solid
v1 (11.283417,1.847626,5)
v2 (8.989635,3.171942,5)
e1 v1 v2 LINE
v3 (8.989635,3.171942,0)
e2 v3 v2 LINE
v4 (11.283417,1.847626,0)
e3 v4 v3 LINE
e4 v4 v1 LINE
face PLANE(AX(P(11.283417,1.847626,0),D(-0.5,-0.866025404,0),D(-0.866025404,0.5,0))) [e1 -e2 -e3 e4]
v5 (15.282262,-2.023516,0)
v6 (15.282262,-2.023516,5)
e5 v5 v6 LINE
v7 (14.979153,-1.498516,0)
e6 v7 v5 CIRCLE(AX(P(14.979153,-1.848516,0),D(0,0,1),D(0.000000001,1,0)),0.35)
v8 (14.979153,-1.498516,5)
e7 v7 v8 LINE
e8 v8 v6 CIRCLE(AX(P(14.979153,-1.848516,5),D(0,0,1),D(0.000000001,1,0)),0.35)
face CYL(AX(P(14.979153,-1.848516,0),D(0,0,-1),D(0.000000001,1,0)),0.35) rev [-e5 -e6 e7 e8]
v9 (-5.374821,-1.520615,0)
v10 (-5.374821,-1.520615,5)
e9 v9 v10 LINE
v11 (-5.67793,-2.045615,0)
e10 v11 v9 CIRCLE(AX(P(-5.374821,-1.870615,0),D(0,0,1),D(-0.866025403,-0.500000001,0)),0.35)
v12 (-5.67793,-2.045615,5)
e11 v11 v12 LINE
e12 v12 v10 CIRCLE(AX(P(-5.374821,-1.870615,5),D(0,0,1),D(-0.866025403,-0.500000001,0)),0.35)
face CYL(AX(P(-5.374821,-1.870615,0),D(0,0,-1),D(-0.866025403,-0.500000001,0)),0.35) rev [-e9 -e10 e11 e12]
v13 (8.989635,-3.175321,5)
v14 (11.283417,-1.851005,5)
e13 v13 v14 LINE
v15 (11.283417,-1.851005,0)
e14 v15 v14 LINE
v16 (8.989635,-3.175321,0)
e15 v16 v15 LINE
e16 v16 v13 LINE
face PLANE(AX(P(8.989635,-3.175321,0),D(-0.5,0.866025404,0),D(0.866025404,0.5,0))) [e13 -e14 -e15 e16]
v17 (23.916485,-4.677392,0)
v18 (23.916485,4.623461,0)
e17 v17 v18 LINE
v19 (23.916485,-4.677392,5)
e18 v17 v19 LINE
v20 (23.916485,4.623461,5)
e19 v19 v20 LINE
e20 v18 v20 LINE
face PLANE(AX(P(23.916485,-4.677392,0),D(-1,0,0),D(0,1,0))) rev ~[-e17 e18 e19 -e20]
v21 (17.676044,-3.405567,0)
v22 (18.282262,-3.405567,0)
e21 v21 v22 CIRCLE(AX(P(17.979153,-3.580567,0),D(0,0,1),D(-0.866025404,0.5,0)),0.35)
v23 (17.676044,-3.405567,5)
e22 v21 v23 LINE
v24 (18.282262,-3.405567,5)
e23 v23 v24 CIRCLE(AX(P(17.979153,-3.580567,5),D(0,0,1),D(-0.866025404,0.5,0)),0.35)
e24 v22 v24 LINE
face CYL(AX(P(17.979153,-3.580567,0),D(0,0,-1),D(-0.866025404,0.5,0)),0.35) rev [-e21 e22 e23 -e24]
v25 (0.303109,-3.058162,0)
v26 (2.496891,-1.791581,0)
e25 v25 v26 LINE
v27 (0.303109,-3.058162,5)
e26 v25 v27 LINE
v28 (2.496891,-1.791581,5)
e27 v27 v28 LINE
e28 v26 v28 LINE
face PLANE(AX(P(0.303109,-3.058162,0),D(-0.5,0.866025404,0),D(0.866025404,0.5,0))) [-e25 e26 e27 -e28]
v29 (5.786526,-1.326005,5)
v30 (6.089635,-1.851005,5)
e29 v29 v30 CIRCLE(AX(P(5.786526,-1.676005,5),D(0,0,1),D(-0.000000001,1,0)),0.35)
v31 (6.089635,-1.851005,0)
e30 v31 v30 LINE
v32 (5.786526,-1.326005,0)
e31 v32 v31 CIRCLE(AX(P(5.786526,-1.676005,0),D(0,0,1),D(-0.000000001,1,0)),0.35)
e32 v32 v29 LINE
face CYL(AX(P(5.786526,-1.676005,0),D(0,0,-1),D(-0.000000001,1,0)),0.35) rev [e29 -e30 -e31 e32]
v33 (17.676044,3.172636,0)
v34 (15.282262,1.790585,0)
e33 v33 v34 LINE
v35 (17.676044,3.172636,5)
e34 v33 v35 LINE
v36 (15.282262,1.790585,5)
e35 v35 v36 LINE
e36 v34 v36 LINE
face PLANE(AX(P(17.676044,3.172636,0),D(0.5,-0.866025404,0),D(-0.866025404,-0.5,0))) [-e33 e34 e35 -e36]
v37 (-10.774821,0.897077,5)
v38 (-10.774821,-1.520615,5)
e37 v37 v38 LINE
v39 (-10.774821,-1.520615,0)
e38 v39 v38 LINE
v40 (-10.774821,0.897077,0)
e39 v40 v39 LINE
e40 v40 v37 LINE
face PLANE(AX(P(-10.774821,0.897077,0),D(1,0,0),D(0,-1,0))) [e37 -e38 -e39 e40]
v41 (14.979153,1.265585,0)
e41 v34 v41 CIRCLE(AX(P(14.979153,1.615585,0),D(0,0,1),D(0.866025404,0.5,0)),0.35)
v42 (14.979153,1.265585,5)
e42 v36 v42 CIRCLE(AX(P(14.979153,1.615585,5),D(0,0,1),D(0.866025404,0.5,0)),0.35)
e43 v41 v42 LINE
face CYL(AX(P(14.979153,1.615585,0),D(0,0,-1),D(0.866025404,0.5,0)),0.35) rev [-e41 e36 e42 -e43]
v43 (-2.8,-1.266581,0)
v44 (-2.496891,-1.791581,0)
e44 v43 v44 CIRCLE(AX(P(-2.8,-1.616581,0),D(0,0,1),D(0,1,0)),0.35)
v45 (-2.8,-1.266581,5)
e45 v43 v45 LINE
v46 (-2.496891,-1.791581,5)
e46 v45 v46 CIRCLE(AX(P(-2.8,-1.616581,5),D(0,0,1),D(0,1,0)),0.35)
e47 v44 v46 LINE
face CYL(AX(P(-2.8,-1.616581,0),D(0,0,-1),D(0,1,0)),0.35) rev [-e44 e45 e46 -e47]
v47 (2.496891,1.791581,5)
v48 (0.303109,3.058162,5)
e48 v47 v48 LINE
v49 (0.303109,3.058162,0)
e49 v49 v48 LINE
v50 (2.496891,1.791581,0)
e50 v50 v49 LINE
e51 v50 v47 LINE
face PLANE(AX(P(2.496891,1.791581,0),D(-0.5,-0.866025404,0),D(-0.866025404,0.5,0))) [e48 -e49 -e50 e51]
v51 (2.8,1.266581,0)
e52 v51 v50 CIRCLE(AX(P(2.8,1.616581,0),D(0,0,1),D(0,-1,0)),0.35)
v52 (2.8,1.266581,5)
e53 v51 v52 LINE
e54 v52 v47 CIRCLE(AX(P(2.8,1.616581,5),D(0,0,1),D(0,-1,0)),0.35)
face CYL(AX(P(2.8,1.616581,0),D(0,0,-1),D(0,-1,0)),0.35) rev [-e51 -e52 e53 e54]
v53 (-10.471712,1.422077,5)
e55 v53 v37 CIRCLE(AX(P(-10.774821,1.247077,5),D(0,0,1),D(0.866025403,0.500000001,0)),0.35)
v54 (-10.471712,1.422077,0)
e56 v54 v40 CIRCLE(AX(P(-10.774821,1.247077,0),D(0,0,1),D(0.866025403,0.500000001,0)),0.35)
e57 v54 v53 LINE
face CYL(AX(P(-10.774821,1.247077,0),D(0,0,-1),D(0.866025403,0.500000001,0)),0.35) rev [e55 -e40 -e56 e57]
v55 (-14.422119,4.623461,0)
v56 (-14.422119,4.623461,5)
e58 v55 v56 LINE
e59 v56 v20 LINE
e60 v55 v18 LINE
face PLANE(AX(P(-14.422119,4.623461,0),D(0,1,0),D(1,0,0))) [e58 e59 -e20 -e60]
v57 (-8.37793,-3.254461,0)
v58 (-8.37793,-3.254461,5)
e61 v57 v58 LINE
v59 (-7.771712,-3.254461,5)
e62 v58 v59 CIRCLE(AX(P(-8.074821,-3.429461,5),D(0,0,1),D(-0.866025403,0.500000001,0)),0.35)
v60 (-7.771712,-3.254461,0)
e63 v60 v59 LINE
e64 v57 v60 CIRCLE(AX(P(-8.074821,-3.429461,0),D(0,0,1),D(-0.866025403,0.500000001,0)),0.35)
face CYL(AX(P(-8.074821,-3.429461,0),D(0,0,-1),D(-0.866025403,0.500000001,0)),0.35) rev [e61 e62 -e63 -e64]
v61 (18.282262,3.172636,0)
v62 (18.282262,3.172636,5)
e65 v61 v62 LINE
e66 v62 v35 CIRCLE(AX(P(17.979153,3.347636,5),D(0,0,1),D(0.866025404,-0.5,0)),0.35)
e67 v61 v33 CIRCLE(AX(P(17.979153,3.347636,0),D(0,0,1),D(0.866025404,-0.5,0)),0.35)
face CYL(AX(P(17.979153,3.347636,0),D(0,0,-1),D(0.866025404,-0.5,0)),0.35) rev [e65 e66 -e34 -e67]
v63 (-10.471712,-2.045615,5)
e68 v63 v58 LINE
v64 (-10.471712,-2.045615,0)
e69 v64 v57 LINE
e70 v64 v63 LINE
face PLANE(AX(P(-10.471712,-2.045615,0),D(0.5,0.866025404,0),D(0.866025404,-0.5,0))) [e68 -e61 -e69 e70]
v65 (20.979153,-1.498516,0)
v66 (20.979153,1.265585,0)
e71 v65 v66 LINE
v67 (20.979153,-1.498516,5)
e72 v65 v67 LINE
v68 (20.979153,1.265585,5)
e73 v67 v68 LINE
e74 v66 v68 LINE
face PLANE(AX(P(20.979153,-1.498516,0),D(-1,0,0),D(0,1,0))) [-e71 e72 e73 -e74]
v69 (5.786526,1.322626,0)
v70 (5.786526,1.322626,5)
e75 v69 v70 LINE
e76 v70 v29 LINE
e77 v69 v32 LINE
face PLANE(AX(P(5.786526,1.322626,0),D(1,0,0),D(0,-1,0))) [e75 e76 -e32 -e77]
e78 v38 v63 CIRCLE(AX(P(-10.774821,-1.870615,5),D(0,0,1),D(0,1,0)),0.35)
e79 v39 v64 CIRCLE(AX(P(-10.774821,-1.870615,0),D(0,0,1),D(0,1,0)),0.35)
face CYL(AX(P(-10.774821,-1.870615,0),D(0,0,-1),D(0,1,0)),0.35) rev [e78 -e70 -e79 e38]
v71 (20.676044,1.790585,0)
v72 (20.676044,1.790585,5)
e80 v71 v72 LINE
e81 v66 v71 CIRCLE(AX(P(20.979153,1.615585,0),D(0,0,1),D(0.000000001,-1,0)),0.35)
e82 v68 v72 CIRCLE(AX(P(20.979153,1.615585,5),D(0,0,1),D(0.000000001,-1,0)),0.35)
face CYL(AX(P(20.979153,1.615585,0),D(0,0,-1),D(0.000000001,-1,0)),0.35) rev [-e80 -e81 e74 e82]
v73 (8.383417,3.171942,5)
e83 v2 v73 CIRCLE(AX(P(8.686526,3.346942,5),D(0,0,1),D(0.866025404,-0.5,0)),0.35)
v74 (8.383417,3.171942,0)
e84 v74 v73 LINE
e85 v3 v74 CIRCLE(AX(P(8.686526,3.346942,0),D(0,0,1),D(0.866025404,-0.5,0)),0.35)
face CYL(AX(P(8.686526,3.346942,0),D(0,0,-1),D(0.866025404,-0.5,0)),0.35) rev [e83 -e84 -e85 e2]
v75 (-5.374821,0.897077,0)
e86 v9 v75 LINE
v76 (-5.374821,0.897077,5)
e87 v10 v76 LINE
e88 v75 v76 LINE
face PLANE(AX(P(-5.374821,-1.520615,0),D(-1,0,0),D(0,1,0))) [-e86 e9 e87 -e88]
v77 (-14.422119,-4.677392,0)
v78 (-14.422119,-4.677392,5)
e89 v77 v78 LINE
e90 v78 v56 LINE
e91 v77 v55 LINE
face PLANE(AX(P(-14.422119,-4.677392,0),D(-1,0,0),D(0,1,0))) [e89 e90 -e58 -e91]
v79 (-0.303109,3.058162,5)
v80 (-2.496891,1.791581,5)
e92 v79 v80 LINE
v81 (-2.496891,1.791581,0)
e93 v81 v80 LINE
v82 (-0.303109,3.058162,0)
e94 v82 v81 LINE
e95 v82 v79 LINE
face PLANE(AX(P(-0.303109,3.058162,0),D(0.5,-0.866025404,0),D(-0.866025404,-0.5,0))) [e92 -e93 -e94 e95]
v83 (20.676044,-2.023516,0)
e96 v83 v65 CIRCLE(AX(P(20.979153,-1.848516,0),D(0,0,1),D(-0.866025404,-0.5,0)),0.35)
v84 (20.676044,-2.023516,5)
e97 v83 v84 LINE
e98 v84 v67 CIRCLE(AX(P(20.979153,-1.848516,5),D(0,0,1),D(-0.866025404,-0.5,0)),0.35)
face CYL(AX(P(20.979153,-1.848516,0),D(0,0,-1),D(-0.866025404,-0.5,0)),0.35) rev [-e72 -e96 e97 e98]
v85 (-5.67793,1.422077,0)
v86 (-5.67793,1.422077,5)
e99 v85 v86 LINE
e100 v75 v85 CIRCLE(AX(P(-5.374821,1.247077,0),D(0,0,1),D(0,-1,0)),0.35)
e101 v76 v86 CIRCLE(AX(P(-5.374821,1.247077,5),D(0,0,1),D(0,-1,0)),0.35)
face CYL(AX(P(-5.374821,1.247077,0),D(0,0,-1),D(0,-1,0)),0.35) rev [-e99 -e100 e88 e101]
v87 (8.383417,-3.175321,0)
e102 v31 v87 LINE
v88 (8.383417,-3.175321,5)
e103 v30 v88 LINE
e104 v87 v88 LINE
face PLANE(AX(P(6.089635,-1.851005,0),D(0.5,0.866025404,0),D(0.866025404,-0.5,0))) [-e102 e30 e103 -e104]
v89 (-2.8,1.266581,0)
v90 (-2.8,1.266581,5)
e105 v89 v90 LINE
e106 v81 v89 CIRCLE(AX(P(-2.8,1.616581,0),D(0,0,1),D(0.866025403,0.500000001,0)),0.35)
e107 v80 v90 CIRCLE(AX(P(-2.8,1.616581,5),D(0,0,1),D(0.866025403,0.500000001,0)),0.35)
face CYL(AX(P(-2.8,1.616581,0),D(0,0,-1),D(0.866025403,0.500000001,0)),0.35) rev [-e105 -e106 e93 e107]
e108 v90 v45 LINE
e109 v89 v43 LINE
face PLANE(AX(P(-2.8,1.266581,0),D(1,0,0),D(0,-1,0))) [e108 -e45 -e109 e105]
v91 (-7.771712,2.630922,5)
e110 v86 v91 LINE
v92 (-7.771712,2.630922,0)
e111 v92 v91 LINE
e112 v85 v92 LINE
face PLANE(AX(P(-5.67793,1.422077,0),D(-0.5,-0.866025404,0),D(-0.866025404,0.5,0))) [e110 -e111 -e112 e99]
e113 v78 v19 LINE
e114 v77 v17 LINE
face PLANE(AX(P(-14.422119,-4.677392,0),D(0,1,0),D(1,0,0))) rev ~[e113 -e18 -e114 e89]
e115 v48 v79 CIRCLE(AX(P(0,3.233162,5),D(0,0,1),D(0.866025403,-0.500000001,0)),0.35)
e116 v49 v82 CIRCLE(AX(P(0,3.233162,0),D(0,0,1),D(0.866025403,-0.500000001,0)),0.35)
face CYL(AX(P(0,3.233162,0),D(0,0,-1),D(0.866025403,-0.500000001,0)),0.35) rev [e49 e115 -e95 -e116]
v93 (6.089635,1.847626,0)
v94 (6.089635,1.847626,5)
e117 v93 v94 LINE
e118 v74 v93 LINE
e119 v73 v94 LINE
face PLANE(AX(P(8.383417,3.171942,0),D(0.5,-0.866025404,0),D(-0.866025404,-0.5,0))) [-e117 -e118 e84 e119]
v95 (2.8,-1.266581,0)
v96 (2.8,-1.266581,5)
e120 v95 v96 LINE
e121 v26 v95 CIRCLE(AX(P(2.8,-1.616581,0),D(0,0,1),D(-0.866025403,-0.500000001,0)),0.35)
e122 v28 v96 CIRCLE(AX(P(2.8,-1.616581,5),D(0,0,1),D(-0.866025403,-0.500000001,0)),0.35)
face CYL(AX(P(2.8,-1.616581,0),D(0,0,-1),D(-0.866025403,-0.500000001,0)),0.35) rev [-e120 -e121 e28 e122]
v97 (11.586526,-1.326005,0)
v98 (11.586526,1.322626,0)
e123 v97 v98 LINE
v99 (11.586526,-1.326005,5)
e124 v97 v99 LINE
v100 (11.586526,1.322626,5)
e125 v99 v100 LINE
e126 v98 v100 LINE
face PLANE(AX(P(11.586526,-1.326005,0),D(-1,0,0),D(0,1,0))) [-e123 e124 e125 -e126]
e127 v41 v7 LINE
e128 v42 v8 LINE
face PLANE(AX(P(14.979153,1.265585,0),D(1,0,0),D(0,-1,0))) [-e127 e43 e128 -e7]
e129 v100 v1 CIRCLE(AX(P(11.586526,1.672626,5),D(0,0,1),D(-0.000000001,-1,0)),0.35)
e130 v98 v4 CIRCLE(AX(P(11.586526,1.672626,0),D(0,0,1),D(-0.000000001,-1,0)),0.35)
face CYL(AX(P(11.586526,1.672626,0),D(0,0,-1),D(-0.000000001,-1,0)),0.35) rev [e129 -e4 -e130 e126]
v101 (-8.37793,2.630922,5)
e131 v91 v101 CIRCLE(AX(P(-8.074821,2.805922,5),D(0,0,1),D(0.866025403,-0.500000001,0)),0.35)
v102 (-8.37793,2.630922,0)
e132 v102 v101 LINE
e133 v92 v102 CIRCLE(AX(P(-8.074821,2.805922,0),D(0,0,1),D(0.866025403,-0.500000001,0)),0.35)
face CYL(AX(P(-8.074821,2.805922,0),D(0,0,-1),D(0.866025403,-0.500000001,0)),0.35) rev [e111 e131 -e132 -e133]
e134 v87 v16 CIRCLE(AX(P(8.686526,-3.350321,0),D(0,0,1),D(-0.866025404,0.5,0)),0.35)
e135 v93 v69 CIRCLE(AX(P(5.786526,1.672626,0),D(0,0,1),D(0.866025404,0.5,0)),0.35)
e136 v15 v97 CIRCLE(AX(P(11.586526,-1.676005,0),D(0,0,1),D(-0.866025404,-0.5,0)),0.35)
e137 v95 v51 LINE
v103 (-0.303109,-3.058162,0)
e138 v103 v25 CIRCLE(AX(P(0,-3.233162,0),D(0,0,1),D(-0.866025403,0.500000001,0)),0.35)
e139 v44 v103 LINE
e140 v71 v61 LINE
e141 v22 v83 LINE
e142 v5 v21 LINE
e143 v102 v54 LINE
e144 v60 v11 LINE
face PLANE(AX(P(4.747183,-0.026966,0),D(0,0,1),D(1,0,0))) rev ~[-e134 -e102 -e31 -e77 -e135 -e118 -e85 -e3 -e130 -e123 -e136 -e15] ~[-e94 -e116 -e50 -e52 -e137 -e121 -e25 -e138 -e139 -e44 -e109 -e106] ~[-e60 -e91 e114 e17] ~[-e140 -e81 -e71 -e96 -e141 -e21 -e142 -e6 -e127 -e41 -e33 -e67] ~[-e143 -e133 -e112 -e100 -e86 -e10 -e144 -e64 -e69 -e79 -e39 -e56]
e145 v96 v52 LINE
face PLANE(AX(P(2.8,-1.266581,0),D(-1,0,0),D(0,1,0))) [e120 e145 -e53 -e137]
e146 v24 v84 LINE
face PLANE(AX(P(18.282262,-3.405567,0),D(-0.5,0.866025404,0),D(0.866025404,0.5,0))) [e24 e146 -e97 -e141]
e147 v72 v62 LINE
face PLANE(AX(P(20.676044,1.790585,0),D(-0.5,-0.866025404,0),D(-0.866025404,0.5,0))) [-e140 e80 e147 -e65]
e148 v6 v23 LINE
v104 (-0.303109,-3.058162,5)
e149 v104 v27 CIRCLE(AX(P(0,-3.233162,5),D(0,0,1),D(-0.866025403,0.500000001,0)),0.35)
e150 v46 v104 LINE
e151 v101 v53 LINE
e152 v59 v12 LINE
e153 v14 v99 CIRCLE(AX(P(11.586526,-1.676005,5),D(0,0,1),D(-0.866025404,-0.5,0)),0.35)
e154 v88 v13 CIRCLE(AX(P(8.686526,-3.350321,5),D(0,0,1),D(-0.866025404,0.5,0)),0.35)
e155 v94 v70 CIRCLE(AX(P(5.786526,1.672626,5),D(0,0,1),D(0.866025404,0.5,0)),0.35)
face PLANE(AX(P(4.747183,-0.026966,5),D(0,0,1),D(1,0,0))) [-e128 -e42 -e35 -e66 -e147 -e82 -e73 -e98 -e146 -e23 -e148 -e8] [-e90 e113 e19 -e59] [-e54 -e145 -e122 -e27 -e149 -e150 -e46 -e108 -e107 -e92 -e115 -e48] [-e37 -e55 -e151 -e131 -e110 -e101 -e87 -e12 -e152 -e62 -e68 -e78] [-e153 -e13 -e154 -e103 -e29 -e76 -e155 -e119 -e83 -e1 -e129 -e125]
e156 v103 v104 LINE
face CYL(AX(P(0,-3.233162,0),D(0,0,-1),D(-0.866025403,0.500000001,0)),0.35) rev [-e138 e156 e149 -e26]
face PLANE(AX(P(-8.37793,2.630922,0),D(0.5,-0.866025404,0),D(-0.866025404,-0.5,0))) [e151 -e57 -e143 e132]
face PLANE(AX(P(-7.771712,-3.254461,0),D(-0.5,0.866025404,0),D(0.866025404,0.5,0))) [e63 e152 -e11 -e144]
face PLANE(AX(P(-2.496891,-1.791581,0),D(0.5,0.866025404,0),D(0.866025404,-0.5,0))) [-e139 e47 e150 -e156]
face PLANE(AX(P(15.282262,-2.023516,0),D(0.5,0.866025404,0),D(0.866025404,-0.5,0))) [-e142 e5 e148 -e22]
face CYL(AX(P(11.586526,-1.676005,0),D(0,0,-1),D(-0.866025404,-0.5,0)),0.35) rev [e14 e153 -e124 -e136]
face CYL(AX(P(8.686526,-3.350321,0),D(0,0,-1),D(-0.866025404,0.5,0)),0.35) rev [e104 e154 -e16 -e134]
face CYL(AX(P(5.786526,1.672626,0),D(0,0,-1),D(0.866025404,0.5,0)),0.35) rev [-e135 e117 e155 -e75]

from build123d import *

# Parameters (mm, degrees)
SKETCH1_W           = 38.338603818
SKETCH1_H           = 9.300852407
BOSS_EXTRUDE1_DEPTH = 5


with BuildPart() as part:
    # Sketch1 → Boss-Extrude1 (new body)
    with BuildSketch(Plane.XY):
        with Locations((4.747182706, -0.026965663)):
            Rectangle(SKETCH1_W, SKETCH1_H)
        with BuildLine():
            Line((-8.377929756, 2.630922308), (-10.471711974, 1.422076581))
            ThreePointArc((-10.471711974, 1.422076581), (-11.077929756, 1.422076581), (-10.774820865, 0.897076581))
            Line((-10.774820865, 0.897076581), (-10.774820865, -1.520614872))
            ThreePointArc((-10.774820865, -1.520614872), (-11.077929756, -2.045614872), (-10.471711974, -2.045614872))
            Line((-10.471711974, -2.045614872), (-8.377929756, -3.254460599))
            ThreePointArc((-8.377929756, -3.254460599), (-8.074820865, -3.779460599), (-7.771711974, -3.254460599))
            Line((-7.771711974, -3.254460599), (-5.677929756, -2.045614872))
            ThreePointArc((-5.677929756, -2.045614872), (-5.071711974, -2.045614872), (-5.374820865, -1.520614872))
            Line((-5.374820865, -1.520614872), (-5.374820865, 0.897076581))
            ThreePointArc((-5.374820865, 0.897076581), (-5.071711974, 1.422076581), (-5.677929756, 1.422076581))
            Line((-5.677929756, 1.422076581), (-7.771711974, 2.630922308))
            ThreePointArc((-7.771711974, 2.630922308), (-8.074820865, 3.155922308), (-8.377929756, 2.630922308))
        make_face(mode=Mode.SUBTRACT)
        with BuildLine():
            Line((-0.303108891, 3.058161507), (-2.496891109, 1.791580754))
            ThreePointArc((-2.496891109, 1.791580754), (-3.103108891, 1.791580754), (-2.8, 1.266580754))
            Line((-2.8, 1.266580754), (-2.8, -1.266580754))
            ThreePointArc((-2.8, -1.266580754), (-3.103108891, -1.791580754), (-2.496891109, -1.791580754))
            Line((-2.496891109, -1.791580754), (-0.303108891, -3.058161507))
            ThreePointArc((-0.303108891, -3.058161507), (0, -3.583161507), (0.303108891, -3.058161507))
            Line((0.303108891, -3.058161507), (2.496891109, -1.791580754))
            ThreePointArc((2.496891109, -1.791580754), (3.103108891, -1.791580754), (2.8, -1.266580754))
            Line((2.8, -1.266580754), (2.8, 1.266580754))
            ThreePointArc((2.8, 1.266580754), (3.103108891, 1.791580754), (2.496891109, 1.791580754))
            Line((2.496891109, 1.791580754), (0.303108891, 3.058161507))
            ThreePointArc((0.303108891, 3.058161507), (0, 3.583161507), (-0.303108891, 3.058161507))
        make_face(mode=Mode.SUBTRACT)
        with BuildLine():
            Line((8.383417443, 3.171942265), (6.089635226, 1.847626484))
            ThreePointArc((6.089635226, 1.847626484), (5.483417443, 1.847626484), (5.786526334, 1.322626484))
            Line((5.786526334, 1.322626484), (5.786526334, -1.326005077))
            ThreePointArc((5.786526334, -1.326005077), (5.483417443, -1.851005077), (6.089635226, -1.851005077))
            Line((6.089635226, -1.851005077), (8.383417443, -3.175320858))
            ThreePointArc((8.383417443, -3.175320858), (8.686526334, -3.700320858), (8.989635226, -3.175320858))
            Line((8.989635226, -3.175320858), (11.283417443, -1.851005077))
            ThreePointArc((11.283417443, -1.851005077), (11.889635226, -1.851005077), (11.586526334, -1.326005077))
            Line((11.586526334, -1.326005077), (11.586526334, 1.322626484))
            ThreePointArc((11.586526334, 1.322626484), (11.889635226, 1.847626484), (11.283417443, 1.847626484))
            Line((11.283417443, 1.847626484), (8.989635226, 3.171942265))
            ThreePointArc((8.989635226, 3.171942265), (8.686526334, 3.696942265), (8.383417443, 3.171942265))
        make_face(mode=Mode.SUBTRACT)
        with BuildLine():
            Line((17.676043737, 3.17263624), (15.28226152, 1.790585433))
            ThreePointArc((15.28226152, 1.790585433), (14.676043737, 1.790585433), (14.979152629, 1.265585433))
            Line((14.979152629, 1.265585433), (14.979152629, -1.498516182))
            ThreePointArc((14.979152629, -1.498516182), (14.676043737, -2.023516182), (15.28226152, -2.023516182))
            Line((15.28226152, -2.023516182), (17.676043737, -3.40556699))
            ThreePointArc((17.676043737, -3.40556699), (17.979152629, -3.93056699), (18.28226152, -3.40556699))
            Line((18.28226152, -3.40556699), (20.676043737, -2.023516182))
            ThreePointArc((20.676043737, -2.023516182), (21.28226152, -2.023516182), (20.979152629, -1.498516182))
            Line((20.979152629, -1.498516182), (20.979152629, 1.265585433))
            ThreePointArc((20.979152629, 1.265585433), (21.28226152, 1.790585433), (20.676043737, 1.790585433))
            Line((20.676043737, 1.790585433), (18.28226152, 3.17263624))
            ThreePointArc((18.28226152, 3.17263624), (17.979152629, 3.69763624), (17.676043737, 3.17263624))
        make_face(mode=Mode.SUBTRACT)
    extrude(amount=BOSS_EXTRUDE1_DEPTH)


solid = part.part
